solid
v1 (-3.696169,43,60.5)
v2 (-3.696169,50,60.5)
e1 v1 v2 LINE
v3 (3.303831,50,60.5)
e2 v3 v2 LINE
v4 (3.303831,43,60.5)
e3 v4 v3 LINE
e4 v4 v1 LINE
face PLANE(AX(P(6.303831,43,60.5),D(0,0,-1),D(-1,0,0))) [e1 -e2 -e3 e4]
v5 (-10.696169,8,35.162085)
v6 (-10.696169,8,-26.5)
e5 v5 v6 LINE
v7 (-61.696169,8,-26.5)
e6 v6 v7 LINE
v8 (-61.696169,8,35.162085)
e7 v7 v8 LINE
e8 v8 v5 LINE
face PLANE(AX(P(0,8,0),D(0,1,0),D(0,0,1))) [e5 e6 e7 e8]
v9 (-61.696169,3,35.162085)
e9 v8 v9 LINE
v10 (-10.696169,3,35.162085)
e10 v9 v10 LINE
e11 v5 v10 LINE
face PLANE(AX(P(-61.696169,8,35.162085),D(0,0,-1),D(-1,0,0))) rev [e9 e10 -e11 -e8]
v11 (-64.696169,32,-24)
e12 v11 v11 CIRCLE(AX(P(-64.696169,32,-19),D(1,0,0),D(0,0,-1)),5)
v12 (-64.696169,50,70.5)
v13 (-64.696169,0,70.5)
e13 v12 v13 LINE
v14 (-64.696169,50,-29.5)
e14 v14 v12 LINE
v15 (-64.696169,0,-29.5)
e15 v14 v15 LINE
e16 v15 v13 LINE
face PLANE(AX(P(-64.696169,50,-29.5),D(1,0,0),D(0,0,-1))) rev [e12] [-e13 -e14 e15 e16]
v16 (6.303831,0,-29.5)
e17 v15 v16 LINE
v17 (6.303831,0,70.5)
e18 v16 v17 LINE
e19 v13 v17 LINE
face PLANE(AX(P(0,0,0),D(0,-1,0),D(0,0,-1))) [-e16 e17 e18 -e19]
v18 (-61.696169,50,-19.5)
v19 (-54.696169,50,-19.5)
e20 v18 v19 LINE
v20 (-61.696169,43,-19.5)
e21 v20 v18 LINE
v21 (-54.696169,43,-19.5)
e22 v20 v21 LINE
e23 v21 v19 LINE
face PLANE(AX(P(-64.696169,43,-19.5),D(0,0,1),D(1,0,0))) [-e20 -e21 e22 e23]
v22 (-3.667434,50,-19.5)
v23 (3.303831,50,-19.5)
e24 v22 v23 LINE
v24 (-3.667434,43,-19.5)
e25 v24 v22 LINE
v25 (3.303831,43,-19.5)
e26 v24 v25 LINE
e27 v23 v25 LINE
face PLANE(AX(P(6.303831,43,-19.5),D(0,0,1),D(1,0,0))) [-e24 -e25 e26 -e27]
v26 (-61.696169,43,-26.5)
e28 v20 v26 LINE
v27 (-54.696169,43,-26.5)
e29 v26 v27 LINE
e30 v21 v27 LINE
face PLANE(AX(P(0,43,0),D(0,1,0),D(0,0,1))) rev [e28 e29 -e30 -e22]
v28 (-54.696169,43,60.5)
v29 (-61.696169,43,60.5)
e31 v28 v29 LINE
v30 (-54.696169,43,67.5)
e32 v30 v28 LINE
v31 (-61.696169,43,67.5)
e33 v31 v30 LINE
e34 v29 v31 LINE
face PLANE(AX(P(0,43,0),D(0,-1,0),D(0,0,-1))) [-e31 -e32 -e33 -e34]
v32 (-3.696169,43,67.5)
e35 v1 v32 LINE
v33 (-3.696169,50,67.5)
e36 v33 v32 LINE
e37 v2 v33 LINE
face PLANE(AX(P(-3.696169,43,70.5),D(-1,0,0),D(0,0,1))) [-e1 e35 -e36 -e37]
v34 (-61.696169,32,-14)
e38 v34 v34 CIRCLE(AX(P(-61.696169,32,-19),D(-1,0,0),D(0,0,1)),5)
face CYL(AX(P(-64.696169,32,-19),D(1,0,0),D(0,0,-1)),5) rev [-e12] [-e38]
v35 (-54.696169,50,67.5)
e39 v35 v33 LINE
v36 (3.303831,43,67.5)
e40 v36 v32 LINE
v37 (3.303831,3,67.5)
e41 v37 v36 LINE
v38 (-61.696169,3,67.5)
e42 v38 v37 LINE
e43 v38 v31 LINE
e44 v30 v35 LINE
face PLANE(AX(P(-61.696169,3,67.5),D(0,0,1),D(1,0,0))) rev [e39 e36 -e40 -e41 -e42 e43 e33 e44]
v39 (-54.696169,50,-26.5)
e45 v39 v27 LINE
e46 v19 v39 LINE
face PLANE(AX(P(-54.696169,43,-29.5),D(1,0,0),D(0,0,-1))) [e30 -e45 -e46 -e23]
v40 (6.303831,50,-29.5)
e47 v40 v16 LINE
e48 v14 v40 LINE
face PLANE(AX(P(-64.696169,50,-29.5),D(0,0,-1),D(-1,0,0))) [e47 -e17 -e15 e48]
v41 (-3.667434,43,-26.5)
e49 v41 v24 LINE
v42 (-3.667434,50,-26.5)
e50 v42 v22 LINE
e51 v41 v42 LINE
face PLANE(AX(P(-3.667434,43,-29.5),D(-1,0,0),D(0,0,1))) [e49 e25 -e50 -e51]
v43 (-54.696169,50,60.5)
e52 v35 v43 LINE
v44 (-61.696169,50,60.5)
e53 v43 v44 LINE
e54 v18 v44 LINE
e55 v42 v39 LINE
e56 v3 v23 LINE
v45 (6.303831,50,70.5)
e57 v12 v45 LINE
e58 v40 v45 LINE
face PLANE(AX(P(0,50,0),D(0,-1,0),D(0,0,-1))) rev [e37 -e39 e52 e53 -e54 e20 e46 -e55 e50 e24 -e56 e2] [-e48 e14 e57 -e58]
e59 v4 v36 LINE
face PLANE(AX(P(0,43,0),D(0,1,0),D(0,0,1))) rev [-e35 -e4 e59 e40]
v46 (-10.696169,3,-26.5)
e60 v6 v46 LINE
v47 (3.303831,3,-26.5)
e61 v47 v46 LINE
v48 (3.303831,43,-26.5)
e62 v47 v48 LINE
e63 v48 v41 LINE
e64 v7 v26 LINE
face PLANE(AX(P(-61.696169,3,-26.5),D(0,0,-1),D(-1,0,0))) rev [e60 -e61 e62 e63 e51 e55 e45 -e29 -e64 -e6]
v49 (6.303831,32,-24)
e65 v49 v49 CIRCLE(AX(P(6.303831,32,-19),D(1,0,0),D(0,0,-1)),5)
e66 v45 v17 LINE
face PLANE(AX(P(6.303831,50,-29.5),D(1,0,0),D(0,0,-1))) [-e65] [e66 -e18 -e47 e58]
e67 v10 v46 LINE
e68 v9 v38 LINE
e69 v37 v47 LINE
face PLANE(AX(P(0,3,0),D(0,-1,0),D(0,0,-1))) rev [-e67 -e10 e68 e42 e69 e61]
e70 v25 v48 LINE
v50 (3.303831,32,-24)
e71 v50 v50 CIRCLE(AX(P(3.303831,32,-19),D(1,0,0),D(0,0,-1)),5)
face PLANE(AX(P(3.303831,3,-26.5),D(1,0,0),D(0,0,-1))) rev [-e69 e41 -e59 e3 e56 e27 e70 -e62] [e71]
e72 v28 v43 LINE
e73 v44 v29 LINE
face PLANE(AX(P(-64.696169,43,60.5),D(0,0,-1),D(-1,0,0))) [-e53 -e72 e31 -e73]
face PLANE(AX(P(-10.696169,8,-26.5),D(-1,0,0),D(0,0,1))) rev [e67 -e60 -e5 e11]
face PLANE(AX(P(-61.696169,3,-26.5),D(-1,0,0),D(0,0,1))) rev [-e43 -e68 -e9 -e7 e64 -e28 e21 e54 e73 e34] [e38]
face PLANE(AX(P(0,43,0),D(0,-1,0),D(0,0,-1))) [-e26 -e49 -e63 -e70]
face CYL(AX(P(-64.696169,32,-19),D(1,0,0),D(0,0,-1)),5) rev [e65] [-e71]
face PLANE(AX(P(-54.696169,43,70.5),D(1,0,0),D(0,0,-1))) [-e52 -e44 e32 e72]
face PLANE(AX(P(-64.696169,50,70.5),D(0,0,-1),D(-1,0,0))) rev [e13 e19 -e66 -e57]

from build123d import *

# Parameters (mm, degrees)
SKETCH1_W               = 71
SKETCH1_H               = 100
BOSS_EXTRUDE1_DEPTH     = 50
SKETCH2_W               = 65
SKETCH2_H               = 94
CUT_EXTRUDE1_DEPTH      = 47
SKETCH3_W               = 51
SKETCH3_H               = 61.662084765
BOSS_EXTRUDE2_DEPTH     = 5
CUT_EXTRUDE2_DEPTH      = 110.973860531
CUT_EXTRUDE2_DEPTH_BACK = 110.973860531
SKETCH4_R               = 5
SKETCH5_W               = 10
SKETCH5_H               = 10
SKETCH5_W_2             = 9.971264926
BOSS_EXTRUDE3_DEPTH     = 7


with BuildPart() as part:
    # Sketch1 → Boss-Extrude1 (new body)
    with BuildSketch(Plane(origin=(0, 0, 0), x_dir=(1, 0, 0), z_dir=(0, 1, 0))):
        with Locations((-29.196168954, -20.5)):
            Rectangle(SKETCH1_W, SKETCH1_H)
    extrude(amount=BOSS_EXTRUDE1_DEPTH)

    # Sketch2 → Cut-Extrude1 (cut)
    with BuildSketch(Plane(origin=(0, 50, 0), x_dir=(1, 0, 0), z_dir=(0, 1, 0))):
        with Locations((-29.196168954, -20.5)):
            Rectangle(SKETCH2_W, SKETCH2_H)
    extrude(amount=-CUT_EXTRUDE1_DEPTH, mode=Mode.SUBTRACT)

    # Sketch3 → Boss-Extrude2 (add)
    with BuildSketch(Plane(origin=(0, 3, 0), x_dir=(1, 0, 0), z_dir=(0, 1, 0))):
        with Locations((-36.196168954, -4.331042383)):
            Rectangle(SKETCH3_W, SKETCH3_H)
    extrude(amount=BOSS_EXTRUDE2_DEPTH)

    # Sketch4 → Cut-Extrude2 (cut, two sides: drawn at the far end of the back side and taken through both)
    with BuildSketch(Plane(origin=(-61.696168954, 0, 0), x_dir=(0, 0, -1), z_dir=(1, 0, 0)).offset(-CUT_EXTRUDE2_DEPTH_BACK)):
        with Locations((19, 32)):
            Circle(SKETCH4_R)
    extrude(amount=CUT_EXTRUDE2_DEPTH + CUT_EXTRUDE2_DEPTH_BACK, mode=Mode.SUBTRACT)

    # Sketch5 → Boss-Extrude3 (add)
    with BuildSketch(Plane(origin=(0, 50, 0), x_dir=(1, 0, 0), z_dir=(0, 1, 0))):
        with Locations((-59.696168954, 24.5)):
            Rectangle(SKETCH5_W, SKETCH5_H)
        with Locations((1.318198583, 24.5)):
            Rectangle(SKETCH5_W_2, SKETCH5_H)
        with Locations((1.303831046, -65.5)):
            Rectangle(SKETCH5_W, SKETCH5_H)
        with Locations((-59.696168954, -65.5)):
            Rectangle(SKETCH5_W, SKETCH5_H)
    extrude(amount=-BOSS_EXTRUDE3_DEPTH)


solid = part.part
